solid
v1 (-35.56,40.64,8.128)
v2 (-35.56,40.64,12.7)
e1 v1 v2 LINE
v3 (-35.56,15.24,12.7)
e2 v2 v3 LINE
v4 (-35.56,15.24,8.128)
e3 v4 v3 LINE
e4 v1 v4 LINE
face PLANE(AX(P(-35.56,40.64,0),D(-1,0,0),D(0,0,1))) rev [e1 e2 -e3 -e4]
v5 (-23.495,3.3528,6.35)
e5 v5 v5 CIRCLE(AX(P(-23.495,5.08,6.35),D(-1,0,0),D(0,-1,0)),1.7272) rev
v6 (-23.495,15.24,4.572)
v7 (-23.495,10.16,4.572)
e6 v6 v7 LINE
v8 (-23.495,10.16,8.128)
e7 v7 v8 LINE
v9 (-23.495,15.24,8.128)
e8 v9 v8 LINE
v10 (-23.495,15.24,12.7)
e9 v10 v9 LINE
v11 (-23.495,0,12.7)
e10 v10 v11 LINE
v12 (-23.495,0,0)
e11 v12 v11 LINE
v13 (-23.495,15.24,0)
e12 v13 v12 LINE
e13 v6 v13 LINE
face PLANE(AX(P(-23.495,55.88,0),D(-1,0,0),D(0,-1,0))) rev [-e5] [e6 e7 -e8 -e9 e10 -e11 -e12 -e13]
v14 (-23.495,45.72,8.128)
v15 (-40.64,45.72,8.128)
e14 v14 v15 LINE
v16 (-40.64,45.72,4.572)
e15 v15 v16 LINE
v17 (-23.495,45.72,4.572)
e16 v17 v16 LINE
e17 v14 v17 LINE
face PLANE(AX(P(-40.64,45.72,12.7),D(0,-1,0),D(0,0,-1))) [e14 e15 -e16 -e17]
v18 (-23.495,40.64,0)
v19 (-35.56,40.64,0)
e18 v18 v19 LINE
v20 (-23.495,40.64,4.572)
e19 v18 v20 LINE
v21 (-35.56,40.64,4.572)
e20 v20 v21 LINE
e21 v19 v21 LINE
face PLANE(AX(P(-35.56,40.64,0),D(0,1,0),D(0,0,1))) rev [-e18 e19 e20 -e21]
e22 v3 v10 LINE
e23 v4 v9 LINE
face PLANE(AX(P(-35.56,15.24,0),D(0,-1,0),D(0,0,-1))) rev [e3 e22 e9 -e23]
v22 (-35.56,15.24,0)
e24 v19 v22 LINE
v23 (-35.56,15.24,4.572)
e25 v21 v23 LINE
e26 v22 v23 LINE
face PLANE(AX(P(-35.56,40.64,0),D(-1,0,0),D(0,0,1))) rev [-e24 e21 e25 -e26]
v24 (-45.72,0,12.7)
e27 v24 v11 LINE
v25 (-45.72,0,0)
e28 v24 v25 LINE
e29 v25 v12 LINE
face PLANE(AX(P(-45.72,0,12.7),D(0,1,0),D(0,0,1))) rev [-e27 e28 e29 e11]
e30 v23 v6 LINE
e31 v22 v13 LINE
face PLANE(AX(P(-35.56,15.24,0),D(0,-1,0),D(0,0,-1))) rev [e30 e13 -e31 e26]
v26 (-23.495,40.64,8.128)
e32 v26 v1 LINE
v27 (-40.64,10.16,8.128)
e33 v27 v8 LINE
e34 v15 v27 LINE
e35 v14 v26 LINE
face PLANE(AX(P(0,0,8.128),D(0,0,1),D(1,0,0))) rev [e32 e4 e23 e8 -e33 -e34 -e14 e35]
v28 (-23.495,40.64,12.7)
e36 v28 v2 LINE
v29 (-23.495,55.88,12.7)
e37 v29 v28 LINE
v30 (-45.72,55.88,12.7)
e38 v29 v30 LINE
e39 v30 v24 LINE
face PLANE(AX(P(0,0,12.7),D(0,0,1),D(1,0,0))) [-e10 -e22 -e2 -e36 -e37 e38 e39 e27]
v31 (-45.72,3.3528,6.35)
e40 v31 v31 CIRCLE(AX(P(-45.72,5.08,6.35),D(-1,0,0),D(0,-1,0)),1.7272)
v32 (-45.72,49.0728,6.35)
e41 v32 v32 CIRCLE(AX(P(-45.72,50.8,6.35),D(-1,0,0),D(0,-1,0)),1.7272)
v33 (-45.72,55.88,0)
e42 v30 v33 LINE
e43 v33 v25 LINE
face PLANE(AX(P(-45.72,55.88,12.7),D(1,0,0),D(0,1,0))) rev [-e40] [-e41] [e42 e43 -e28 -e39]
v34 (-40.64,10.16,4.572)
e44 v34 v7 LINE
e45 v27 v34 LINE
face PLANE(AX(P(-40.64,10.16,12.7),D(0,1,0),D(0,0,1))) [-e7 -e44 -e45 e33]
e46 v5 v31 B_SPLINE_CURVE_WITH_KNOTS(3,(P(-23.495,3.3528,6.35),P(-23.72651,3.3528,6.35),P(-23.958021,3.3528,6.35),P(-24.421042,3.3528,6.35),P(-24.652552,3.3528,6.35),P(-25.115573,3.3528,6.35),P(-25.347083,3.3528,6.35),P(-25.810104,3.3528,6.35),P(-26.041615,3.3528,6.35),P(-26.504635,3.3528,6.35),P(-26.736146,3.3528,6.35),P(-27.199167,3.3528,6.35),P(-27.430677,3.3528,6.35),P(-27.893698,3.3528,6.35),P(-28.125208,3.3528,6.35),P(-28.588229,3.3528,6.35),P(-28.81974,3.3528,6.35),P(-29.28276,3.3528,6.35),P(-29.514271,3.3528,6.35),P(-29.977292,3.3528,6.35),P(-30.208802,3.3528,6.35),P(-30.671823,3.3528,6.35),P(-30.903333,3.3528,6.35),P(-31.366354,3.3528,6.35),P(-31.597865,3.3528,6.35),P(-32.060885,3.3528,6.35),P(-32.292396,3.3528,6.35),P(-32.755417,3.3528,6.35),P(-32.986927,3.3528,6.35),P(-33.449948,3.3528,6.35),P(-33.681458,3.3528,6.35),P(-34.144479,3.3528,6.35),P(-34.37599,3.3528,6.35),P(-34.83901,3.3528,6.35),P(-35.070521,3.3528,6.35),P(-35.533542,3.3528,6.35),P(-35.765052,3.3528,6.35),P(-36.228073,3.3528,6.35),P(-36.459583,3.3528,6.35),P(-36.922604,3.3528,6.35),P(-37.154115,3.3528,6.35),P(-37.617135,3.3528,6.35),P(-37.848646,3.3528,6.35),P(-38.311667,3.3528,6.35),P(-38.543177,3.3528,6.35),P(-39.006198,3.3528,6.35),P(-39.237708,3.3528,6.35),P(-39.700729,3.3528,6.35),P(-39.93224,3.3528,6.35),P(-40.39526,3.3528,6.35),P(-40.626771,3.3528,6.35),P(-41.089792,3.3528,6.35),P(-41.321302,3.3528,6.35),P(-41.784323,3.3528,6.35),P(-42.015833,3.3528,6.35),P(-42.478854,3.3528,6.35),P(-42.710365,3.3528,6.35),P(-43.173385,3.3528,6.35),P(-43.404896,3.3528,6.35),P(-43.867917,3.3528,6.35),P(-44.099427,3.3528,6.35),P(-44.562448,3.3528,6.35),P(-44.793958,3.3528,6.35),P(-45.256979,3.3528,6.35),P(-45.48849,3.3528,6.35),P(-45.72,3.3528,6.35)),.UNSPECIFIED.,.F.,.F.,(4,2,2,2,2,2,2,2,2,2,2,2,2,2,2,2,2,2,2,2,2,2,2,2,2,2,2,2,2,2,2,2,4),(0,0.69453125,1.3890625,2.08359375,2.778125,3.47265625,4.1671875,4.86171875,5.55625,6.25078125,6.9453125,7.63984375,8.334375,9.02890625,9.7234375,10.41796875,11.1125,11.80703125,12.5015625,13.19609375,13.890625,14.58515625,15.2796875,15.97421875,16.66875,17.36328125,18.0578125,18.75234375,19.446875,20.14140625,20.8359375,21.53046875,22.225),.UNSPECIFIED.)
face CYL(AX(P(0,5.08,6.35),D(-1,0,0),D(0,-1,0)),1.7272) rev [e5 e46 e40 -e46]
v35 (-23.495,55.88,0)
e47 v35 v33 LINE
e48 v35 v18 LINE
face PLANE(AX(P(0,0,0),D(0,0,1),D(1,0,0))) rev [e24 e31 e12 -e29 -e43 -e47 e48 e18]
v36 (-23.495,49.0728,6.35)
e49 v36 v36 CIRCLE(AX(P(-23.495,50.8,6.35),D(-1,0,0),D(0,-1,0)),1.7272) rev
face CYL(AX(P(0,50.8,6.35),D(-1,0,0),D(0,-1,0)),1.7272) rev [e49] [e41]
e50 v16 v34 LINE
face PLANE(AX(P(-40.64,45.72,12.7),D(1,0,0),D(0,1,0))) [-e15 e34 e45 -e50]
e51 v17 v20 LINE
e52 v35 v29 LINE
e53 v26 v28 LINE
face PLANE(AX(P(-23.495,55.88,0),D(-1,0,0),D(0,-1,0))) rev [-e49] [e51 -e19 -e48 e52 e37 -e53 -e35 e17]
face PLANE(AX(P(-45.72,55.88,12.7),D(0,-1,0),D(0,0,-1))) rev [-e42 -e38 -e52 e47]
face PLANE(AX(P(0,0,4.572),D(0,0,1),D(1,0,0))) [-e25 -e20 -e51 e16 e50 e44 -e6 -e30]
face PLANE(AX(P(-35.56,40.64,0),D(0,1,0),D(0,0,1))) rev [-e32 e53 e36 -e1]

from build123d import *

# Parameters (mm, degrees)
SKETCH2_W           = 45.72
SKETCH2_H           = 55.88
SKETCH2_W_2         = 35.56
SKETCH2_H_2         = 35.56
BOSS_EXTRUDE1_DEPTH = 12.7
SKETCH3_W           = 35.56
SKETCH3_H           = 35.56
BOSS_EXTRUDE2_DEPTH = 4.572
SKETCH4_W           = 35.56
SKETCH4_H           = 35.56
BOSS_EXTRUDE3_DEPTH = 4.572
SKETCH5_W           = 25.4
SKETCH5_H           = 25.4
CUT_EXTRUDE1_DEPTH  = 74.308818023
SKETCH6_R           = 1.7272
CUT_EXTRUDE2_DEPTH  = 74.308818023
SKETCH7_R           = 1.7272
CUT_EXTRUDE3_DEPTH  = 74.308818023
SKETCH8_W           = 1.27
SKETCH8_H           = 55.88
CUT_EXTRUDE4_DEPTH  = 74.308818023


with BuildPart() as part:
    # Sketch2 → Boss-Extrude1 (new body)
    with BuildSketch(Plane.XY):
        with Locations((-22.86, 27.94)):
            Rectangle(SKETCH2_W, SKETCH2_H)
        with Locations((-22.86, 27.94)):
            Rectangle(SKETCH2_W_2, SKETCH2_H_2, mode=Mode.SUBTRACT)
    extrude(amount=BOSS_EXTRUDE1_DEPTH)

    # Sketch3 → Boss-Extrude2 (add)
    with BuildSketch(Plane.XY):
        with Locations((-22.86, 27.94)):
            Rectangle(SKETCH3_W, SKETCH3_H)
    extrude(amount=BOSS_EXTRUDE2_DEPTH)

    # Sketch4 → Boss-Extrude3 (add)
    with BuildSketch(Plane.XY.offset(12.7)):
        with Locations((-22.86, 27.94)):
            Rectangle(SKETCH4_W, SKETCH4_H)
    extrude(amount=-BOSS_EXTRUDE3_DEPTH)

    # Sketch5 → Cut-Extrude1 (cut, through all)
    with BuildSketch(Plane.XY.offset(12.7)):
        with Locations((-22.86, 27.94)):
            Rectangle(SKETCH5_W, SKETCH5_H)
    extrude(amount=-CUT_EXTRUDE1_DEPTH, mode=Mode.SUBTRACT)

    # Sketch6 → Cut-Extrude2 (cut, through all)
    with BuildSketch(Plane.ZY.offset(45.72)):
        with Locations(Location((6.35, 50.8, 0), (0, 0, 270))):
            Circle(SKETCH6_R)
    extrude(amount=-CUT_EXTRUDE2_DEPTH, mode=Mode.SUBTRACT)

    # Sketch7 → Cut-Extrude3 (cut, through all)
    with BuildSketch(Plane.ZY.offset(45.72)):
        with Locations(Location((6.35, 5.08, 0), (0, 0, 270))):
            Circle(SKETCH7_R)
    extrude(amount=-CUT_EXTRUDE3_DEPTH, mode=Mode.SUBTRACT)

    # Sketch8 → Cut-Extrude4 (cut, through all)
    with BuildSketch(Plane.XY.offset(12.7)):
        with Locations((-22.86, 27.94)):
            Rectangle(SKETCH8_W, SKETCH8_H)
    extrude(amount=-CUT_EXTRUDE4_DEPTH, mode=Mode.SUBTRACT)


with BuildPart() as body_2:
    # of the pieces the cut leaves, the one that is kept (cut_extrude4_keep)
    add(part.part.solids().sort_by_distance((-45.72, 55.88, 0))[0])


solid = body_2.part
